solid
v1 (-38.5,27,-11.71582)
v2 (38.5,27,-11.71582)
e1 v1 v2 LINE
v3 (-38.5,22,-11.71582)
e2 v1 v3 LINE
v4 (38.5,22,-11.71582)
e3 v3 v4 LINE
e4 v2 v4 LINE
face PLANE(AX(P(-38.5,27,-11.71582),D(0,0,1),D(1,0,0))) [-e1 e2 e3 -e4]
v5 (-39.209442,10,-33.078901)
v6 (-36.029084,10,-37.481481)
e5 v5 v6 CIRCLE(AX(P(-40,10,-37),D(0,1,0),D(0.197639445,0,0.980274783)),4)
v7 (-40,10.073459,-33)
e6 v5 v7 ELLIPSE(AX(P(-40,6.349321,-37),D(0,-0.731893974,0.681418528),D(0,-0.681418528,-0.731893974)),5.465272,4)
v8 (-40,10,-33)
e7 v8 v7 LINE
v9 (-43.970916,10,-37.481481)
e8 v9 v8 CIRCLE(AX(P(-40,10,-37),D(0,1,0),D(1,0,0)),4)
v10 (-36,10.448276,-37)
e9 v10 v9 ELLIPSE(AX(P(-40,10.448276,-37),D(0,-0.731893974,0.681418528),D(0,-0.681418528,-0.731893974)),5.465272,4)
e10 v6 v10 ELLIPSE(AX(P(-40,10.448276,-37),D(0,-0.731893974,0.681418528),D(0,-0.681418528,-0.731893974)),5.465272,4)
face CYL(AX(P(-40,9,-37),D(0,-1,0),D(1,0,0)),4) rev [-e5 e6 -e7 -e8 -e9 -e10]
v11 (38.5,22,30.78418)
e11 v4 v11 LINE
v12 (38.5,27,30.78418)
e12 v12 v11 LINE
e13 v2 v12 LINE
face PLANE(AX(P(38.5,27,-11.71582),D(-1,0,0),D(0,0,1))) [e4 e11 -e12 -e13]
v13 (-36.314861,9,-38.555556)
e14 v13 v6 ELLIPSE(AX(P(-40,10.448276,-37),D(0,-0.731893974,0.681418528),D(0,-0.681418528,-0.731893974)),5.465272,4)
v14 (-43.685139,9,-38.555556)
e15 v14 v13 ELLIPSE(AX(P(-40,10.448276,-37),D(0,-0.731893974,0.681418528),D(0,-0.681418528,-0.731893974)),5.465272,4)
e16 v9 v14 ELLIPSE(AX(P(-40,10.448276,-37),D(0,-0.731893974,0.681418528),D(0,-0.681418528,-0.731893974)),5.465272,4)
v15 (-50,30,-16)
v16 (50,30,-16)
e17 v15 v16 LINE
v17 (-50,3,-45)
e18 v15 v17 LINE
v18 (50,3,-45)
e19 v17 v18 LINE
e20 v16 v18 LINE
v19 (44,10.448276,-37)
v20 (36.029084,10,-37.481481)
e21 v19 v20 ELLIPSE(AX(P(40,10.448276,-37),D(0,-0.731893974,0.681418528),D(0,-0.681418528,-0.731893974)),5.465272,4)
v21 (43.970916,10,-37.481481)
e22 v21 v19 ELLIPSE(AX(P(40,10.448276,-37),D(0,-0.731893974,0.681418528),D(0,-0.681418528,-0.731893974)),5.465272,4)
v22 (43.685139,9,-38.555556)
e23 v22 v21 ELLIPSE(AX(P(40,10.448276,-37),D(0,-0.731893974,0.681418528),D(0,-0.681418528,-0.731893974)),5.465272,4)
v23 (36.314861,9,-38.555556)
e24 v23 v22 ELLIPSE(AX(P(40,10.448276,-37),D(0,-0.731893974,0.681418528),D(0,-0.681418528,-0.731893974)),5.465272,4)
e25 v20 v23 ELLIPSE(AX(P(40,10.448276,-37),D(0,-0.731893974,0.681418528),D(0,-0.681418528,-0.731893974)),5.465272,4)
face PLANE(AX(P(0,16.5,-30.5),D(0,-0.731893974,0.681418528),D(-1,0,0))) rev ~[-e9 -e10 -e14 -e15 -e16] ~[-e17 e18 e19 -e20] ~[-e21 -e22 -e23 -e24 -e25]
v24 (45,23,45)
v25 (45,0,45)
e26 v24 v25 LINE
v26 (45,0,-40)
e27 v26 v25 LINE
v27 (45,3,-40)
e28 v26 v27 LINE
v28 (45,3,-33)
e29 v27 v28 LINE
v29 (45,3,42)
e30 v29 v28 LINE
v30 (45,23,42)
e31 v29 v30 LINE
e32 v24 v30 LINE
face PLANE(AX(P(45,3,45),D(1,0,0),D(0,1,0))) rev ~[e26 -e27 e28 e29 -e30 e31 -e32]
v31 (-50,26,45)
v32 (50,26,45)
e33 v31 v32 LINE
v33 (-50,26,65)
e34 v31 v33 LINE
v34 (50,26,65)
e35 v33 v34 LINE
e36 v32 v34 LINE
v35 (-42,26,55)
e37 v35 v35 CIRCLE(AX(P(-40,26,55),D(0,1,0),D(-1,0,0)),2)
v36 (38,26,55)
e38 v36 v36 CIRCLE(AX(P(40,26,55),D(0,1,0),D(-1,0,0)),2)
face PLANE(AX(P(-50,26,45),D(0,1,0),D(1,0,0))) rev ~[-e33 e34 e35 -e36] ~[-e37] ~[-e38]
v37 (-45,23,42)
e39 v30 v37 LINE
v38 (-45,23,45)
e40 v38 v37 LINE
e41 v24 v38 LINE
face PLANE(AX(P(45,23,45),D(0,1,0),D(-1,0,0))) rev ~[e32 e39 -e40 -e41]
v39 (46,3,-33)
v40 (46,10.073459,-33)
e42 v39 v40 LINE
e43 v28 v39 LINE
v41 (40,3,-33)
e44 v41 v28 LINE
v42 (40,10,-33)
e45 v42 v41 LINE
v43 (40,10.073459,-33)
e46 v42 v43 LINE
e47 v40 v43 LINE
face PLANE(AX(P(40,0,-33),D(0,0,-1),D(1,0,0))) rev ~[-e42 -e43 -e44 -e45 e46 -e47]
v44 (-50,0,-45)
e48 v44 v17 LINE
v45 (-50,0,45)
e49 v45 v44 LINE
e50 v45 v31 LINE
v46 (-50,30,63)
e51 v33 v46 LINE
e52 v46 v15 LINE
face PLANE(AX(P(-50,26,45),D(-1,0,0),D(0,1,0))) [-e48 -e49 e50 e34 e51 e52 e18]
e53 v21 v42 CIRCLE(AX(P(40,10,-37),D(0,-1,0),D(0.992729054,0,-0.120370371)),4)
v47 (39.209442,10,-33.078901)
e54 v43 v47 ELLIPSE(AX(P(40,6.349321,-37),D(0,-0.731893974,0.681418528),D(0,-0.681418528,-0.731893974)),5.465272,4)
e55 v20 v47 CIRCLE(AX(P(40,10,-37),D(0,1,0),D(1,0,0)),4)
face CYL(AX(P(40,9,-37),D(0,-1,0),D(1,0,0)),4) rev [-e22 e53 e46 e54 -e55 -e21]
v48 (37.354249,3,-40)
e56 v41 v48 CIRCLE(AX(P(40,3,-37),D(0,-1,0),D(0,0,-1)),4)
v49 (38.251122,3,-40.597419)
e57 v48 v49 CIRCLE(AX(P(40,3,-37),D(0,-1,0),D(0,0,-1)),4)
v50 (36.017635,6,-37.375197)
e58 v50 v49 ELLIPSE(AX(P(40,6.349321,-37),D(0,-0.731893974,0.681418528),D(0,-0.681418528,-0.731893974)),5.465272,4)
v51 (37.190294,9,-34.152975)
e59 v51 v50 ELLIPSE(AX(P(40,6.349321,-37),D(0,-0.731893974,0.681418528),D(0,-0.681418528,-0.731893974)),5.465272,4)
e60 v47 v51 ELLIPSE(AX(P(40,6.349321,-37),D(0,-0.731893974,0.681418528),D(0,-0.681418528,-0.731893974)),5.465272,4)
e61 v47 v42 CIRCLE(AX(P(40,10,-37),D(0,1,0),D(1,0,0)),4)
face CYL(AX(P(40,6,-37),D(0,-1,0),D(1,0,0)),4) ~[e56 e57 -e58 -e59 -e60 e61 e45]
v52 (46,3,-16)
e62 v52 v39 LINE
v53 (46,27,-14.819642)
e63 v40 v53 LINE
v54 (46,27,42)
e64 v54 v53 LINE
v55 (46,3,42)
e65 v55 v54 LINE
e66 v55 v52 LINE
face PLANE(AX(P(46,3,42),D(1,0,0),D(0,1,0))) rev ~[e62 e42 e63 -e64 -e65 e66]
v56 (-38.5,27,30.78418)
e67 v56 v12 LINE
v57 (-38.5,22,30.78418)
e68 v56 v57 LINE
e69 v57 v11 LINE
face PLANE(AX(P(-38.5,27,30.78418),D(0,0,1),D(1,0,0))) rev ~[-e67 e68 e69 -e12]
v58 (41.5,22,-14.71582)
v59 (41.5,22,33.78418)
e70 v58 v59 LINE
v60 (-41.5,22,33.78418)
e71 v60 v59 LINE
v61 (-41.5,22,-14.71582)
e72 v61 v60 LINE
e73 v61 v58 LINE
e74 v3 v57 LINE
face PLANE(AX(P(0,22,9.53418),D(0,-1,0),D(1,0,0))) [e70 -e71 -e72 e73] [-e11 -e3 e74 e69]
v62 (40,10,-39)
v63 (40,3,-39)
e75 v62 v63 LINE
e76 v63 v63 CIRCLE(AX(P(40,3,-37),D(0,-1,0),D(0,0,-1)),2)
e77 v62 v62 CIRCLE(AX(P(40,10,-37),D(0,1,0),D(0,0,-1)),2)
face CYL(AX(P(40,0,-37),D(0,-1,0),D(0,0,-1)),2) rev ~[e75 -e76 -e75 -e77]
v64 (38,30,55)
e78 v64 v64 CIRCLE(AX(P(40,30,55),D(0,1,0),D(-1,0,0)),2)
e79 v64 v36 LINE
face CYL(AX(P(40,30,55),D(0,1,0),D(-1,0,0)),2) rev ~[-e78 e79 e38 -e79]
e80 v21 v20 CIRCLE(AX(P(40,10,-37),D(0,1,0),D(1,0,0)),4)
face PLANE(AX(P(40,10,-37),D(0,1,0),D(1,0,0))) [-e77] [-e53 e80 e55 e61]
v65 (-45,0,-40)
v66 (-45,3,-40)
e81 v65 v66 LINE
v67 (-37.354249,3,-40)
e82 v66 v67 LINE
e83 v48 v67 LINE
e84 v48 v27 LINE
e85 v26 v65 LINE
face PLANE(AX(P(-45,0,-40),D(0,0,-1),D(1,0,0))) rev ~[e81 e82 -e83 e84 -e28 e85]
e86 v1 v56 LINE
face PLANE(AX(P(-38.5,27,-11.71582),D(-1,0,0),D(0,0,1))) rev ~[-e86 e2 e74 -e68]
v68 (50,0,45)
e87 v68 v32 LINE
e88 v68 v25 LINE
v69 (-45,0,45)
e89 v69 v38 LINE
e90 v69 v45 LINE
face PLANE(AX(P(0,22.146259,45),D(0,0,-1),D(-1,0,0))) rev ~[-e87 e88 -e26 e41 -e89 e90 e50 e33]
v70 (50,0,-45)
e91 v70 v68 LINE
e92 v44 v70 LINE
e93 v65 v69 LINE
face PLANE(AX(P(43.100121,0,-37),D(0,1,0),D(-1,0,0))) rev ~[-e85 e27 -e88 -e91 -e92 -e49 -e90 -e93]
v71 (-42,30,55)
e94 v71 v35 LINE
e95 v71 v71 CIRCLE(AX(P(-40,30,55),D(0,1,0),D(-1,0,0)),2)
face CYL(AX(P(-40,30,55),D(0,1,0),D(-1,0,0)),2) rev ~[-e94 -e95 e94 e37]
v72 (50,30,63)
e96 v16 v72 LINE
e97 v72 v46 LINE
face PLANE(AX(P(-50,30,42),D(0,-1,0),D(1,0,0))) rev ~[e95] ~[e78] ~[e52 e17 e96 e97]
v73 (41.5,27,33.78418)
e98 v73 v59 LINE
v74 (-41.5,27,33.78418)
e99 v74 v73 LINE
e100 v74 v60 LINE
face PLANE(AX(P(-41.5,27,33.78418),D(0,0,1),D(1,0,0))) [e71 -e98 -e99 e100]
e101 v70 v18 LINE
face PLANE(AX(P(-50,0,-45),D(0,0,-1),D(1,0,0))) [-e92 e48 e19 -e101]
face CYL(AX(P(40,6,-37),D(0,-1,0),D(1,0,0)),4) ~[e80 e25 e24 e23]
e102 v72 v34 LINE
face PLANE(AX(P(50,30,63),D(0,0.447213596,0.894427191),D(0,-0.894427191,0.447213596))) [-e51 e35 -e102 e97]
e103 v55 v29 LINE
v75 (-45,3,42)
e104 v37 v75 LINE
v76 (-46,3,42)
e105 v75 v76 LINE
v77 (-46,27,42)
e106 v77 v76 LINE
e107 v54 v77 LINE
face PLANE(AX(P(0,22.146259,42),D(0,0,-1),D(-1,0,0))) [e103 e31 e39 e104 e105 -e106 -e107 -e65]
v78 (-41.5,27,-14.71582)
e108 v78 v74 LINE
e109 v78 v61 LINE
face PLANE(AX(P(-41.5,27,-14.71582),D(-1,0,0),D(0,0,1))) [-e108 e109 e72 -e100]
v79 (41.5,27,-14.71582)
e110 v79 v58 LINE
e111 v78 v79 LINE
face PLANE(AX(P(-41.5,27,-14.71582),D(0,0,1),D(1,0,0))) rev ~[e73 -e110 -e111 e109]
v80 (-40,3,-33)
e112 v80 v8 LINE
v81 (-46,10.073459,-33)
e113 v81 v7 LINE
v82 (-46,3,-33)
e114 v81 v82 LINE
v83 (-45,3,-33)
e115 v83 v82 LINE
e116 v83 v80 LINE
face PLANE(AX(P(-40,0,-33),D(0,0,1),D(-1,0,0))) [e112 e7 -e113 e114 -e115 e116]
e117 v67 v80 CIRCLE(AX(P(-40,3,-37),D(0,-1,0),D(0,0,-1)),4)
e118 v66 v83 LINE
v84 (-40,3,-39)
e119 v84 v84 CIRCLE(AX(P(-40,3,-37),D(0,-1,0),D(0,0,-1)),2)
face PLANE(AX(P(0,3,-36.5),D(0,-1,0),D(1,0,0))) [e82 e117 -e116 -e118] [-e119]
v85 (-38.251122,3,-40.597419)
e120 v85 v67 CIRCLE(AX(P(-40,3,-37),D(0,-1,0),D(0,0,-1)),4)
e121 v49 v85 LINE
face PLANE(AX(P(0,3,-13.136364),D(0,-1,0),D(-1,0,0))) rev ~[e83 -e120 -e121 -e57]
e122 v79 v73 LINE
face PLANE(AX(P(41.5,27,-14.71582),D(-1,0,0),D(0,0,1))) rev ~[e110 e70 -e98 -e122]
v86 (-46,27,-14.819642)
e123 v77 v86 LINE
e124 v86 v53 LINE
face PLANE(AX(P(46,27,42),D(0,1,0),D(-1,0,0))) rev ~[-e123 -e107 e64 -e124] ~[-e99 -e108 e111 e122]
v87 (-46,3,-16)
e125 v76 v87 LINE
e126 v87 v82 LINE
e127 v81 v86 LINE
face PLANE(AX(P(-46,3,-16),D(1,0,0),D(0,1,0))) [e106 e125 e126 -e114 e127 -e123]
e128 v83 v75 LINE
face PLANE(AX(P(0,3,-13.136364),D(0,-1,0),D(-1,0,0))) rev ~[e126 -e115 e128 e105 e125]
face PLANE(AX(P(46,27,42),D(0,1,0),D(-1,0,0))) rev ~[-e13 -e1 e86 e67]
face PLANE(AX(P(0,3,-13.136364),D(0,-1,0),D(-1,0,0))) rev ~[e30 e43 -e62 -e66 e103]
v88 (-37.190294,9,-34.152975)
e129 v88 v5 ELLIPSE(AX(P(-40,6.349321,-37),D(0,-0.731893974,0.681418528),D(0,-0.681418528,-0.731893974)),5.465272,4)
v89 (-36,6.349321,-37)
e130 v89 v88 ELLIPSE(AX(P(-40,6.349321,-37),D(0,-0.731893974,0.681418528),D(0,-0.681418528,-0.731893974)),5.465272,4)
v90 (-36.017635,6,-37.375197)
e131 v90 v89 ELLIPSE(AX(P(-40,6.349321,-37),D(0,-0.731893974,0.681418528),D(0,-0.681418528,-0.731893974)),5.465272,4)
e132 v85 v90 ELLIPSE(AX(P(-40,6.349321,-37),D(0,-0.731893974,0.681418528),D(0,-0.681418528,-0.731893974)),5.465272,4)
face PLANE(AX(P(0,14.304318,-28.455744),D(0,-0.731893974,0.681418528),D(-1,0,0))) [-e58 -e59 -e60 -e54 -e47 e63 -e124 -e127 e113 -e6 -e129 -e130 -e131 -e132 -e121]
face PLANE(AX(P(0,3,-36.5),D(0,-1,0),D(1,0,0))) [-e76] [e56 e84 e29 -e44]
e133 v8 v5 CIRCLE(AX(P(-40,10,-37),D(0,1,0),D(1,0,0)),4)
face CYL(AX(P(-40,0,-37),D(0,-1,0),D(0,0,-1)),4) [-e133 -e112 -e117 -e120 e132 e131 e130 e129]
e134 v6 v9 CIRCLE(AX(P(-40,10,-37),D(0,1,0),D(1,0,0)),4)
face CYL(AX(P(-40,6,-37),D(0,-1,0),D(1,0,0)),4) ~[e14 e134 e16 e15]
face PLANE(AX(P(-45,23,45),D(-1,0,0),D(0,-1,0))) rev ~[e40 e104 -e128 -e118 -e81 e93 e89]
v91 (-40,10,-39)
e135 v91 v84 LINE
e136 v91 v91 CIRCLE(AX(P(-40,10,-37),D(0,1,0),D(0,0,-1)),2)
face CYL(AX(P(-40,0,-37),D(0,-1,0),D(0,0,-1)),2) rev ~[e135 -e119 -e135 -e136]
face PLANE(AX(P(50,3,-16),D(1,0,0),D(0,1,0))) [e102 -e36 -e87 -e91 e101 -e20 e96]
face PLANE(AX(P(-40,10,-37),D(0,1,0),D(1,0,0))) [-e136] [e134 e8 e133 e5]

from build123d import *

# Parameters (mm, degrees)
BOSS_EXTRUDE1_DEPTH      = 3
BOSS_EXTRUDE2_DEPTH      = 3
SKETCH3_W                = 100
SKETCH3_H                = 4
BOSS_EXTRUDE3_DEPTH      = 20
CUT_EXTRUDE1_DEPTH       = 106
BOSS_EXTRUDE4_DEPTH      = 58
SKETCH6_W                = 100
SKETCH6_H                = 39.623225513
BOSS_EXTRUDE5_DEPTH      = 3
BOSS_EXTRUDE6_REACH      = 101.805
SKETCH7_W                = 4
SKETCH7_H                = 22.901045637
SKETCH10_R               = 2
CUT_EXTRUDE3_DEPTH       = 10
BOSS_EXTRUDE8_REACH      = 89.321
SKETCH12_R               = 2
CUT_EXTRUDE4_DEPTH       = 88.321245983
SKETCH13_W               = 90
SKETCH13_H               = 7
CUT_EXTRUDE5_DEPTH       = 3
CUT_EXTRUDE6_START       = -21
SKETCH15_R               = 4
SKETCH15_R_2             = 2
CUT_EXTRUDE6_DEPTH       = 21
BOSS_EXTRUDE9_DEPTH      = 1
BOSS_EXTRUDE9_DEPTH_BACK = 3
SKETCH16_R               = 4
SKETCH16_R_2             = 2
SKETCH17_W               = 83
SKETCH17_H               = 48.5
SKETCH17_W_2             = 77
SKETCH17_H_2             = 42.5
BOSS_EXTRUDE10_DEPTH     = 5


with BuildPart() as part:
    # Sketch1 → Boss-Extrude1 (new body)
    with BuildSketch(Plane(origin=(0, 0, 0), x_dir=(1, 0, 0), z_dir=(0, 1, 0))):
        Polygon((-50, 45), (50, 45), (50, -45), (45, -45), (45, 40), (-45, 40), (-45, -45), (-50, -45), align=None)
    extrude(amount=BOSS_EXTRUDE1_DEPTH)

    # Sketch2 → Boss-Extrude2 (add)
    with BuildSketch(Plane.XY.offset(45)):
        Polygon((-50, 3), (-50, 30), (50, 30), (50, 3), (45, 3), (45, 23), (-45, 23), (-45, 3), align=None)
    extrude(amount=-BOSS_EXTRUDE2_DEPTH)

    # Sketch3 → Boss-Extrude3 (add)
    with BuildSketch(Plane.XY.offset(45)):
        with Locations((0, 28)):
            Rectangle(SKETCH3_W, SKETCH3_H)
    extrude(amount=BOSS_EXTRUDE3_DEPTH)

    # Sketch4 → Cut-Extrude1 (cut)
    with BuildSketch(Plane(origin=(50, 0, 0), x_dir=(0, 0, -1), z_dir=(1, 0, 0))):
        Polygon((-65, 26), (-65, 30), (-63, 30), align=None)
    extrude(amount=-CUT_EXTRUDE1_DEPTH, mode=Mode.SUBTRACT)

    # Sketch5 → Boss-Extrude4 (add)
    with BuildSketch(Plane(origin=(0, 0, 42), x_dir=(-1, 0, 0), z_dir=(0, 0, -1))):
        Polygon((-50, 3), (-46, 3), (-46, 27), (46, 27), (46, 3), (50, 3), (50, 30), (-50, 30), align=None)
    extrude(amount=BOSS_EXTRUDE4_DEPTH)

    # Sketch6 → Boss-Extrude5 (add)
    with BuildSketch(Plane(origin=(0, 24.049681529, -22.391082803), x_dir=(-1, 0, 0), z_dir=(0, -0.7318939744313501, 0.6814185279188426))):
        with Locations((0, 11.07936051)):
            Rectangle(SKETCH6_W, SKETCH6_H)
    extrude(amount=BOSS_EXTRUDE5_DEPTH)

    # Sketch7 → Boss-Extrude6 (add, up to next)
    with BuildSketch(Plane(origin=(0, 0, -16), x_dir=(-1, 0, 0), z_dir=(0, 0, -1)), mode=Mode.PRIVATE) as boss_extrude6_sk1:
        with Locations((-48, 14.450522819)):
            Rectangle(SKETCH7_W, SKETCH7_H)
    boss_extrude6_tool1 = extrude(boss_extrude6_sk1.sketch, amount=BOSS_EXTRUDE6_REACH, mode=Mode.PRIVATE) - part.part
    # Sketch7 → Boss-Extrude6 (add, up to next)
    with BuildSketch(Plane(origin=(0, 0, -16), x_dir=(-1, 0, 0), z_dir=(0, 0, -1)), mode=Mode.PRIVATE) as boss_extrude6_sk2:
        with Locations((48, 14.450522819)):
            Rectangle(SKETCH7_W, SKETCH7_H)
    boss_extrude6_tool2 = extrude(boss_extrude6_sk2.sketch, amount=BOSS_EXTRUDE6_REACH, mode=Mode.PRIVATE) - part.part
    add(boss_extrude6_tool1.solids().sort_by_distance((48, 14.450523, -16))[0])
    add(boss_extrude6_tool2.solids().sort_by_distance((-48, 14.450523, -16))[0])

    # Sketch10 → Cut-Extrude3 (cut)
    with BuildSketch(Plane(origin=(0, 30, 0), x_dir=(1, 0, 0), z_dir=(0, 1, 0))):
        with Locations(Location((40, -55, 0), (0, 0, 180))):
            Circle(SKETCH10_R)
        with Locations(Location((-40, -55, 0), (0, 0, 180))):
            Circle(SKETCH10_R)
    extrude(amount=-CUT_EXTRUDE3_DEPTH, mode=Mode.SUBTRACT)

    # Boss-Extrude8: up to this plane
    boss_extrude8_end = Plane(origin=(0, 21.853999605, -20.346827219), z_dir=(0, -0.7318939744313501, 0.6814185279188426))
    # Sketch11 → Boss-Extrude8 (add, up to the surface)
    with BuildSketch(Plane.XZ, mode=Mode.PRIVATE) as boss_extrude8_sk1:
        with BuildLine():
            Line((-40, -33), (-48.829023615, -33))
            Line((-48.829023615, -33), (-48.829023615, -41))
            Line((-48.829023615, -41), (-40, -41))
            ThreePointArc((-40, -41), (-36, -37), (-40, -33))
        make_face()
    boss_extrude8_tool1 = split(extrude(boss_extrude8_sk1.sketch, amount=-BOSS_EXTRUDE8_REACH, mode=Mode.PRIVATE), bisect_by=boss_extrude8_end, keep=Keep.BOTH, mode=Mode.PRIVATE)
    add(boss_extrude8_tool1.solids().sort_by_distance((-42.810423, 0, -37))[0])
    # Sketch11 → Boss-Extrude8 (add, up to the surface)
    with BuildSketch(Plane.XZ, mode=Mode.PRIVATE) as boss_extrude8_sk2:
        with BuildLine():
            Line((40, -33), (48.614584002, -33))
            Line((48.614584002, -33), (48.614584002, -41))
            Line((48.614584002, -41), (40, -41))
            ThreePointArc((40, -41), (36, -37), (40, -33))
        make_face()
    boss_extrude8_tool2 = split(extrude(boss_extrude8_sk2.sketch, amount=-BOSS_EXTRUDE8_REACH, mode=Mode.PRIVATE), bisect_by=boss_extrude8_end, keep=Keep.BOTH, mode=Mode.PRIVATE)
    add(boss_extrude8_tool2.solids().sort_by_distance((42.702596, 0, -37))[0])

    # Sketch12 → Cut-Extrude4 (cut, through all)
    with BuildSketch(Plane.XZ):
        with Locations(Location((-40, -37, 0), (0, 0, 270))):
            Circle(SKETCH12_R)
        with Locations(Location((40, -37, 0), (0, 0, 270))):
            Circle(SKETCH12_R)
    extrude(amount=-CUT_EXTRUDE4_DEPTH, mode=Mode.SUBTRACT)

    # Sketch13 → Cut-Extrude5 (cut)
    with BuildSketch(Plane.XZ):
        with Locations((0, -36.5)):
            Rectangle(SKETCH13_W, SKETCH13_H)
    extrude(amount=-CUT_EXTRUDE5_DEPTH, mode=Mode.SUBTRACT)

    # Sketch15 → Cut-Extrude6 (cut)
    # profile 1 of 2: a face of its own
    with BuildSketch(Plane(origin=(0, 30, 0), x_dir=(1, 0, 0), z_dir=(0, 1, 0)).offset(CUT_EXTRUDE6_START)):
        with Locations((-40, 37)):
            Circle(SKETCH15_R)
        with Locations(Location((-40, 37, 0), (0, 0, 90))):
            Circle(SKETCH15_R_2, mode=Mode.SUBTRACT)
    # profile 2 of 2: a face of its own
    with BuildSketch(Plane(origin=(0, 30, 0), x_dir=(1, 0, 0), z_dir=(0, 1, 0)).offset(CUT_EXTRUDE6_START)):
        with Locations((40, 37)):
            Circle(SKETCH15_R)
        with Locations(Location((40, 37, 0), (0, 0, 90))):
            Circle(SKETCH15_R_2, mode=Mode.SUBTRACT)
    extrude(amount=CUT_EXTRUDE6_DEPTH, mode=Mode.SUBTRACT)

    # Sketch16 → Boss-Extrude9 (add, two sides: drawn at the far end of the back side and taken through both)
    # profile 1 of 2: a face of its own
    with BuildSketch(Plane(origin=(0, 9, 0), x_dir=(1, 0, 0), z_dir=(0, 1, 0)).offset(-BOSS_EXTRUDE9_DEPTH_BACK)):
        with Locations((-40, 37)):
            Circle(SKETCH16_R)
        with Locations(Location((-40, 37, 0), (0, 0, 90))):
            Circle(SKETCH16_R_2, mode=Mode.SUBTRACT)
    # profile 2 of 2: a face of its own
    with BuildSketch(Plane(origin=(0, 9, 0), x_dir=(1, 0, 0), z_dir=(0, 1, 0)).offset(-BOSS_EXTRUDE9_DEPTH_BACK)):
        with Locations((40, 37)):
            Circle(SKETCH16_R)
        with Locations(Location((40, 37, 0), (0, 0, 90))):
            Circle(SKETCH16_R_2, mode=Mode.SUBTRACT)
    extrude(amount=BOSS_EXTRUDE9_DEPTH + BOSS_EXTRUDE9_DEPTH_BACK)

    # Sketch17 → Boss-Extrude10 (add)
    with BuildSketch(Plane.XZ.offset(-27)):
        with Locations((0, 9.534179837)):
            Rectangle(SKETCH17_W, SKETCH17_H)
        with Locations((0, 9.534179837)):
            Rectangle(SKETCH17_W_2, SKETCH17_H_2, mode=Mode.SUBTRACT)
    extrude(amount=BOSS_EXTRUDE10_DEPTH)


solid = part.part
